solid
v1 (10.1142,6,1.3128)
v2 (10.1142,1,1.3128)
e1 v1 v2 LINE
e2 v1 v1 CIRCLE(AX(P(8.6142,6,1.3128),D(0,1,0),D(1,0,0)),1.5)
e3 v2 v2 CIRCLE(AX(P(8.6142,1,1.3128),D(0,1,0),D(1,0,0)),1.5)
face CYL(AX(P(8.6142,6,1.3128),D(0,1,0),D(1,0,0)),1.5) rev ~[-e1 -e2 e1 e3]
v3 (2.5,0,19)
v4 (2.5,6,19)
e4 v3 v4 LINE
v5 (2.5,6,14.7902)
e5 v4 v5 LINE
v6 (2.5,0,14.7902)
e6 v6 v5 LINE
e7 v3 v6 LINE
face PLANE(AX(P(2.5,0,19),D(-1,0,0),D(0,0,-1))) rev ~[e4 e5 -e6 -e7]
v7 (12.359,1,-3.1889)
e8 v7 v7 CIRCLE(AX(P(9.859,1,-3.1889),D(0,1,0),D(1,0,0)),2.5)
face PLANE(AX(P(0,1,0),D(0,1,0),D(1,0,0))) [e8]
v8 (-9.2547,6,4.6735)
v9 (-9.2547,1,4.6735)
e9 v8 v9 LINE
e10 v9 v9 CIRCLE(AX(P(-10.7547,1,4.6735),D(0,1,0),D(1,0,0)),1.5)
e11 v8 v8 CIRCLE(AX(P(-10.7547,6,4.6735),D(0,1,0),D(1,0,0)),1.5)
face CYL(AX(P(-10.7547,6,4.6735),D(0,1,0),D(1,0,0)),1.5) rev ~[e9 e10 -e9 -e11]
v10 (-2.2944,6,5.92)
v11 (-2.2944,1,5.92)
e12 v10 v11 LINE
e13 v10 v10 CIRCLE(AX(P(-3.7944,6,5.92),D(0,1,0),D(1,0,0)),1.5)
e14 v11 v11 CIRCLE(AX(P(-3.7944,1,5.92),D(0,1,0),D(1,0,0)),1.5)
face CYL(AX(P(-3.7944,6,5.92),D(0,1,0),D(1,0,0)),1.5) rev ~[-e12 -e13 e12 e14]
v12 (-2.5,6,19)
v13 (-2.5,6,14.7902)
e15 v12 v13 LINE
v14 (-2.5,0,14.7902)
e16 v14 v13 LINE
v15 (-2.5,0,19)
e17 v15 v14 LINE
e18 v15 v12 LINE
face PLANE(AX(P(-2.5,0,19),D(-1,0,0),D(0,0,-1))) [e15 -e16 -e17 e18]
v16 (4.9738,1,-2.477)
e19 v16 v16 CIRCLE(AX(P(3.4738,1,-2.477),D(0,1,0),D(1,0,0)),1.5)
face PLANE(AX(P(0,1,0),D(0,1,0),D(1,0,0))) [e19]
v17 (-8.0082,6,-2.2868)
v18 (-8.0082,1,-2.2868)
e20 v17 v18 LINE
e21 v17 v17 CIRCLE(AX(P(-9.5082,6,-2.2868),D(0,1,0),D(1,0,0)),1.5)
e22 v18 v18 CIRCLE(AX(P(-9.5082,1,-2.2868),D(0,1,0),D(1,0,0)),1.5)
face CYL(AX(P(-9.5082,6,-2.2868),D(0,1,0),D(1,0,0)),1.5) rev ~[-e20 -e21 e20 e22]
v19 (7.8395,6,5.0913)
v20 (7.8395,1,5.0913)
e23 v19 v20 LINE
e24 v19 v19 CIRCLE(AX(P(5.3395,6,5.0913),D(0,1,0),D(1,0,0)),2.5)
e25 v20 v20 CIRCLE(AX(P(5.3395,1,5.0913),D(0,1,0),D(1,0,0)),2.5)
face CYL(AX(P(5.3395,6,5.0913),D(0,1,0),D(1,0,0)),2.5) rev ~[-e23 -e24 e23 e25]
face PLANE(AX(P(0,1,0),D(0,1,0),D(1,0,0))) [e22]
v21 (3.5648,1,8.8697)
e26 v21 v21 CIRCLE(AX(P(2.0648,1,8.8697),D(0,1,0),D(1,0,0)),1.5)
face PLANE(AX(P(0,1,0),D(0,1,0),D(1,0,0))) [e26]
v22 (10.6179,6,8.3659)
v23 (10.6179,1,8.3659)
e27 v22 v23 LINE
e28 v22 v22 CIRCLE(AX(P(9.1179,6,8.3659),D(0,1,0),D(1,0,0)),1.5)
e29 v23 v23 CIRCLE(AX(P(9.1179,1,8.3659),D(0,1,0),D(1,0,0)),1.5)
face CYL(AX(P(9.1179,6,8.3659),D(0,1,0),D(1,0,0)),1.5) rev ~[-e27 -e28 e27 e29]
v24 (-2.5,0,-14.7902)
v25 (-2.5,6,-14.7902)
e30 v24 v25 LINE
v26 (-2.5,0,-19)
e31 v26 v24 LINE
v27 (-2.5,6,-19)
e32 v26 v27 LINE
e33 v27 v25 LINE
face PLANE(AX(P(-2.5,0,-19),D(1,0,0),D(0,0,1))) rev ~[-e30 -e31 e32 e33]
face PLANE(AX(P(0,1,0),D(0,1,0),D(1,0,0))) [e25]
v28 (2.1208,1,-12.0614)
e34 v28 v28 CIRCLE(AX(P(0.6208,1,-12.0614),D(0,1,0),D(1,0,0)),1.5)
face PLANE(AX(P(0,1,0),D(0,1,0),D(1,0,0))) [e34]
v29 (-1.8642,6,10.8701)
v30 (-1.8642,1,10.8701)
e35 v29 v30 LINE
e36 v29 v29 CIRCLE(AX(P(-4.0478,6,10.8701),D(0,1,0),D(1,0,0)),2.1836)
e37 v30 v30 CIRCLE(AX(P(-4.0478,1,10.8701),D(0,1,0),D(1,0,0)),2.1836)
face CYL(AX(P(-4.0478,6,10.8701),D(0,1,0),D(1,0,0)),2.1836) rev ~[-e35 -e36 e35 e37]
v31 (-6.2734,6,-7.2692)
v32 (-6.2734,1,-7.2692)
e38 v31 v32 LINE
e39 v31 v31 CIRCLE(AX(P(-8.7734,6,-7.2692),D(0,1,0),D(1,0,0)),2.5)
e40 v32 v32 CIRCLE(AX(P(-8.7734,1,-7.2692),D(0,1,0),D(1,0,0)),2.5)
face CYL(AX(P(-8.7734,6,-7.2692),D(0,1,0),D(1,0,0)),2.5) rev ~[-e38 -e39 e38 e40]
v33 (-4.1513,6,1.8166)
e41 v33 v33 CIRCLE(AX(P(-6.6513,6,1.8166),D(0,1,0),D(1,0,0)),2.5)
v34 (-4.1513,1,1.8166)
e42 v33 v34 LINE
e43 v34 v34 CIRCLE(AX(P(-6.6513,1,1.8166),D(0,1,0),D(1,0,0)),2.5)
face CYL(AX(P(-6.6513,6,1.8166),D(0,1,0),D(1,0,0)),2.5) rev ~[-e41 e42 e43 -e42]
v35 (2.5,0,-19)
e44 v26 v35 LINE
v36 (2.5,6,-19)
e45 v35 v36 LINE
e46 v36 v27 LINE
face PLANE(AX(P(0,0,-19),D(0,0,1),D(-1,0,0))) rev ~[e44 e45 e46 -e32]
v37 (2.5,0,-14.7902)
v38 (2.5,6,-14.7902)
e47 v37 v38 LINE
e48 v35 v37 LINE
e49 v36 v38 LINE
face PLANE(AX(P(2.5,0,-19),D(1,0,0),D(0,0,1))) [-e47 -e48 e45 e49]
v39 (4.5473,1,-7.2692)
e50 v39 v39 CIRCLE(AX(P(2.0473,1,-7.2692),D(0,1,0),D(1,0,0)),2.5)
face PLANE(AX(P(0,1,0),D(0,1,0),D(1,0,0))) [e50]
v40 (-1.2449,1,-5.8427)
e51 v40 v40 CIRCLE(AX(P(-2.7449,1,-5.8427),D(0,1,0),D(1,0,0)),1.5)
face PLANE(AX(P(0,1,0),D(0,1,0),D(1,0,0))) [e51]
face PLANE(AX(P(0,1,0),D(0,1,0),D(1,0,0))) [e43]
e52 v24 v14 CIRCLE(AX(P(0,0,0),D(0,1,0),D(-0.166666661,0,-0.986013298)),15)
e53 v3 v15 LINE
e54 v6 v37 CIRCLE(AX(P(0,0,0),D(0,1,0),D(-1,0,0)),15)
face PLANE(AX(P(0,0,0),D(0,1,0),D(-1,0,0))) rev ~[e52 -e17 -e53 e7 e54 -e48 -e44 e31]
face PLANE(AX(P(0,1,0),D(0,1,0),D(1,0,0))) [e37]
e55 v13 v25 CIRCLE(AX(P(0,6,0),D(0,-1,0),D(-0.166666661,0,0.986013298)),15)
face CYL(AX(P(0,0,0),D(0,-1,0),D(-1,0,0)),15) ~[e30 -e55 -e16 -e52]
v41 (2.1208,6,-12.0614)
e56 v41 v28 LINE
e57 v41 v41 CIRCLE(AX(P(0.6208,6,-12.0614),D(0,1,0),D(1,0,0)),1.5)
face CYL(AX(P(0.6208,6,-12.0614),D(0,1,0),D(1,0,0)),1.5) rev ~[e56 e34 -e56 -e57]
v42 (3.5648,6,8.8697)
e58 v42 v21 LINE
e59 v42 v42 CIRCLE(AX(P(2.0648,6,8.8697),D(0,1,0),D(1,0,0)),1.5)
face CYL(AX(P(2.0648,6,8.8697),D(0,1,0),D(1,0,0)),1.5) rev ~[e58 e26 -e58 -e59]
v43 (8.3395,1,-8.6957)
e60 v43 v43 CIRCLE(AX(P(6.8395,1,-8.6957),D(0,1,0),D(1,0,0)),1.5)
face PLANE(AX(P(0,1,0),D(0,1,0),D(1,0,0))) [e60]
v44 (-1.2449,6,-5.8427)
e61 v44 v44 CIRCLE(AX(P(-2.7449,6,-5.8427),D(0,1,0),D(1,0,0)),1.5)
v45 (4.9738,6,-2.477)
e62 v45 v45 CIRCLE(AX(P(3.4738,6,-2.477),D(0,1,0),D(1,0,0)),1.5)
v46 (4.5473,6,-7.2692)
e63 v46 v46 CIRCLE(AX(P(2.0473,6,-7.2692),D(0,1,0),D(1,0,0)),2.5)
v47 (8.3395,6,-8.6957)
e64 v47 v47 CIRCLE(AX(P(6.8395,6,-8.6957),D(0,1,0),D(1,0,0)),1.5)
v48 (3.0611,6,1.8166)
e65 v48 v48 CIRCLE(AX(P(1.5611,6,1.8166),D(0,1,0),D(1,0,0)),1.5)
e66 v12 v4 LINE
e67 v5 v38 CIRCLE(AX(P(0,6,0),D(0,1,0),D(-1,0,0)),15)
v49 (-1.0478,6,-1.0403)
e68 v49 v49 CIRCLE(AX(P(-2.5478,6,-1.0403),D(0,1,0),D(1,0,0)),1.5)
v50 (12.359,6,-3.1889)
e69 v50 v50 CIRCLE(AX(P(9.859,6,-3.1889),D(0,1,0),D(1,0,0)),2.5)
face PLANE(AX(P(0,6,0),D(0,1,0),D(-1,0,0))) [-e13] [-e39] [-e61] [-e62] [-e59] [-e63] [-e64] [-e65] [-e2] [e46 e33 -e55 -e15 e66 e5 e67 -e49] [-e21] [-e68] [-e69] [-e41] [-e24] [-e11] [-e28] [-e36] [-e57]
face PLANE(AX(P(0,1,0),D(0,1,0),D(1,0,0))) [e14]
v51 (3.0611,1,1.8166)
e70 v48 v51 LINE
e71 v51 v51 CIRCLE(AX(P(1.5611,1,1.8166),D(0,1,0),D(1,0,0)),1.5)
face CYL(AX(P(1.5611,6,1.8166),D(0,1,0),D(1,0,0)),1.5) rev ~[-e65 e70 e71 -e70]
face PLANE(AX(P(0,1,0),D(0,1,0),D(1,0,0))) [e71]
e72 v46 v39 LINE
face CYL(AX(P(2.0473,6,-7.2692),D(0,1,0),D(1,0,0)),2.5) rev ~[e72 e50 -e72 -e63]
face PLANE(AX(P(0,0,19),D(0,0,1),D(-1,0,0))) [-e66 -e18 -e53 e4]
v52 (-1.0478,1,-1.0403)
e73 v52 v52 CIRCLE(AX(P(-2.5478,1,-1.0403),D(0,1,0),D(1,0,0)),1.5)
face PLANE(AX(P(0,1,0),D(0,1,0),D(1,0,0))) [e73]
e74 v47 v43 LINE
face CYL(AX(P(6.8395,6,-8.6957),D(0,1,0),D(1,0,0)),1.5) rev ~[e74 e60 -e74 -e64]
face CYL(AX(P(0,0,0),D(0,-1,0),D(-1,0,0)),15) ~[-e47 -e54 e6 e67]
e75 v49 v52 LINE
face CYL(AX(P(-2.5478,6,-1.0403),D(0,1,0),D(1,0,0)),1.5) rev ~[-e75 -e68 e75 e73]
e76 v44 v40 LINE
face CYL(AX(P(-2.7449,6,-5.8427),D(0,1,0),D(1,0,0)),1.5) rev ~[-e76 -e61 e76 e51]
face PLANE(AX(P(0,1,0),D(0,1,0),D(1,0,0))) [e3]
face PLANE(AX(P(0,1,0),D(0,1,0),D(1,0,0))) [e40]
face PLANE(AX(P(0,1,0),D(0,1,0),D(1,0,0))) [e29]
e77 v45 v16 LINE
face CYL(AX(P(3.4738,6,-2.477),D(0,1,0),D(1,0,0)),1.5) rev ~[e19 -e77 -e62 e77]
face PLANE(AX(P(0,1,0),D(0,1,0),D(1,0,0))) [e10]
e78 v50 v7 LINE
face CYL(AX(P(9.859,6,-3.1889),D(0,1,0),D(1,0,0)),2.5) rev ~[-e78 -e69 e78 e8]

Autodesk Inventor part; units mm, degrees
ref_plane "YZ Plane" through (0, 0, 0) normal (1, 0, 0) x (0, 1, 0)
ref_plane "XZ Plane" through (0, 0, 0) normal (0, 1, 0) x (-1, 0, 0)
ref_plane "XY Plane" through (0, 0, 0) normal (0, 0, 1) x (1, 0, 0)
sketch "Sketch1" plane through (0, 0, 0) normal (0, 1, 0) x (-1, 0, 0)
  circle A0 centre (0, 0) radius 15
  line L0 (0, -15) -> (0, -19)
  line L1 (0, -19) -> (2.5, -19)
  line L2 (2.5, -19) -> (2.5, -14.7902)
  line L3 (0, -19) -> (-2.5, -19)
  line L4 (-2.5, -19) -> (-2.5, -14.7902)
  line L5 (6.6169, 0) -> (-6.6879, 0)
  line L6 (0, 15) -> (0, 19)
  line L7 (0, 19) -> (2.5, 19)
  line L8 (2.5, 19) -> (2.5, 14.7902)
  line L9 (0, 19) -> (-2.5, 19)
  line L10 (-2.5, 19) -> (-2.5, 14.7902)
  point P0 (2.5, 14.7902)
  point P1 (-2.5, 14.7902)
  dimension "d0" = 4
  dimension "d1" = 2.5
  dimension "d13" = 30
extrude "Extrusion1" add sketch "Sketch1" along normal blind 6
sketch "Sketch2" plane through (0, 6, 0) normal (0, 1, 0) x (1, 0, 0)
  circle A0 centre (2.0473, 7.2692) radius 2.5
  circle A1 centre (2.0473, 7.2692) radius 5 construction
  circle A2 centre (6.8395, 8.6957) radius 1.5
  circle A3 centre (2.0473, 7.2692) radius 5 construction
  circle A4 centre (0.6208, 12.0614) radius 1.5
  circle A5 centre (2.0473, 7.2692) radius 5 construction
  circle A6 centre (-2.7449, 5.8427) radius 1.5
  circle A7 centre (2.0473, 7.2692) radius 5 construction
  circle A8 centre (3.4738, 2.477) radius 1.5
  circle A9 centre (-6.6513, -1.8166) radius 2.5
  circle A10 centre (-6.6513, -1.8166) radius 5 construction
  circle A11 centre (-9.5082, 2.2868) radius 1.5
  circle A12 centre (-6.6513, -1.8166) radius 5 construction
  circle A13 centre (-10.7547, -4.6735) radius 1.5
  circle A14 centre (-6.6513, -1.8166) radius 5 construction
  circle A15 centre (-3.7944, -5.92) radius 1.5
  circle A16 centre (-6.6513, -1.8166) radius 5 construction
  circle A17 centre (-2.5478, 1.0403) radius 1.5
  circle A18 centre (5.3395, -5.0913) radius 2.5
  circle A19 centre (5.3395, -5.0913) radius 5 construction
  circle A20 centre (2.0648, -8.8697) radius 1.5
  circle A21 centre (5.3395, -5.0913) radius 5 construction
  circle A22 centre (9.1179, -8.3659) radius 1.5
  circle A23 centre (5.3395, -5.0913) radius 5 construction
  circle A24 centre (8.6142, -1.3128) radius 1.5
  circle A25 centre (5.3395, -5.0913) radius 5 construction
  circle A26 centre (1.5611, -1.8166) radius 1.5
  circle A27 centre (-8.7734, 7.2692) radius 2.5
  circle A28 centre (9.859, 3.1889) radius 2.5
  circle A29 centre (-4.0478, -10.8701) radius 2.1836
  dimension "d17" = 10
  dimension "d23" = 10
  dimension "d35" = 10
  dimension "d16" = 5
  dimension "d18" = 3
  dimension "d19" = 360
  dimension "d22" = 5
  dimension "d24" = 3
  dimension "d25" = 360
  dimension "d34" = 5
  dimension "d36" = 3
  dimension "d37" = 360
  dimension "d38" = 5
  dimension "d39" = 5
extrude "Extrusion2" cut sketch "Sketch2" against normal blind 5
sketch "Sketch3" plane through (0, 6, 0) normal (0, 1, 0) x (1, 0, 0)
  point P0 (0, 0)
properties part number "joy stick part 1"
